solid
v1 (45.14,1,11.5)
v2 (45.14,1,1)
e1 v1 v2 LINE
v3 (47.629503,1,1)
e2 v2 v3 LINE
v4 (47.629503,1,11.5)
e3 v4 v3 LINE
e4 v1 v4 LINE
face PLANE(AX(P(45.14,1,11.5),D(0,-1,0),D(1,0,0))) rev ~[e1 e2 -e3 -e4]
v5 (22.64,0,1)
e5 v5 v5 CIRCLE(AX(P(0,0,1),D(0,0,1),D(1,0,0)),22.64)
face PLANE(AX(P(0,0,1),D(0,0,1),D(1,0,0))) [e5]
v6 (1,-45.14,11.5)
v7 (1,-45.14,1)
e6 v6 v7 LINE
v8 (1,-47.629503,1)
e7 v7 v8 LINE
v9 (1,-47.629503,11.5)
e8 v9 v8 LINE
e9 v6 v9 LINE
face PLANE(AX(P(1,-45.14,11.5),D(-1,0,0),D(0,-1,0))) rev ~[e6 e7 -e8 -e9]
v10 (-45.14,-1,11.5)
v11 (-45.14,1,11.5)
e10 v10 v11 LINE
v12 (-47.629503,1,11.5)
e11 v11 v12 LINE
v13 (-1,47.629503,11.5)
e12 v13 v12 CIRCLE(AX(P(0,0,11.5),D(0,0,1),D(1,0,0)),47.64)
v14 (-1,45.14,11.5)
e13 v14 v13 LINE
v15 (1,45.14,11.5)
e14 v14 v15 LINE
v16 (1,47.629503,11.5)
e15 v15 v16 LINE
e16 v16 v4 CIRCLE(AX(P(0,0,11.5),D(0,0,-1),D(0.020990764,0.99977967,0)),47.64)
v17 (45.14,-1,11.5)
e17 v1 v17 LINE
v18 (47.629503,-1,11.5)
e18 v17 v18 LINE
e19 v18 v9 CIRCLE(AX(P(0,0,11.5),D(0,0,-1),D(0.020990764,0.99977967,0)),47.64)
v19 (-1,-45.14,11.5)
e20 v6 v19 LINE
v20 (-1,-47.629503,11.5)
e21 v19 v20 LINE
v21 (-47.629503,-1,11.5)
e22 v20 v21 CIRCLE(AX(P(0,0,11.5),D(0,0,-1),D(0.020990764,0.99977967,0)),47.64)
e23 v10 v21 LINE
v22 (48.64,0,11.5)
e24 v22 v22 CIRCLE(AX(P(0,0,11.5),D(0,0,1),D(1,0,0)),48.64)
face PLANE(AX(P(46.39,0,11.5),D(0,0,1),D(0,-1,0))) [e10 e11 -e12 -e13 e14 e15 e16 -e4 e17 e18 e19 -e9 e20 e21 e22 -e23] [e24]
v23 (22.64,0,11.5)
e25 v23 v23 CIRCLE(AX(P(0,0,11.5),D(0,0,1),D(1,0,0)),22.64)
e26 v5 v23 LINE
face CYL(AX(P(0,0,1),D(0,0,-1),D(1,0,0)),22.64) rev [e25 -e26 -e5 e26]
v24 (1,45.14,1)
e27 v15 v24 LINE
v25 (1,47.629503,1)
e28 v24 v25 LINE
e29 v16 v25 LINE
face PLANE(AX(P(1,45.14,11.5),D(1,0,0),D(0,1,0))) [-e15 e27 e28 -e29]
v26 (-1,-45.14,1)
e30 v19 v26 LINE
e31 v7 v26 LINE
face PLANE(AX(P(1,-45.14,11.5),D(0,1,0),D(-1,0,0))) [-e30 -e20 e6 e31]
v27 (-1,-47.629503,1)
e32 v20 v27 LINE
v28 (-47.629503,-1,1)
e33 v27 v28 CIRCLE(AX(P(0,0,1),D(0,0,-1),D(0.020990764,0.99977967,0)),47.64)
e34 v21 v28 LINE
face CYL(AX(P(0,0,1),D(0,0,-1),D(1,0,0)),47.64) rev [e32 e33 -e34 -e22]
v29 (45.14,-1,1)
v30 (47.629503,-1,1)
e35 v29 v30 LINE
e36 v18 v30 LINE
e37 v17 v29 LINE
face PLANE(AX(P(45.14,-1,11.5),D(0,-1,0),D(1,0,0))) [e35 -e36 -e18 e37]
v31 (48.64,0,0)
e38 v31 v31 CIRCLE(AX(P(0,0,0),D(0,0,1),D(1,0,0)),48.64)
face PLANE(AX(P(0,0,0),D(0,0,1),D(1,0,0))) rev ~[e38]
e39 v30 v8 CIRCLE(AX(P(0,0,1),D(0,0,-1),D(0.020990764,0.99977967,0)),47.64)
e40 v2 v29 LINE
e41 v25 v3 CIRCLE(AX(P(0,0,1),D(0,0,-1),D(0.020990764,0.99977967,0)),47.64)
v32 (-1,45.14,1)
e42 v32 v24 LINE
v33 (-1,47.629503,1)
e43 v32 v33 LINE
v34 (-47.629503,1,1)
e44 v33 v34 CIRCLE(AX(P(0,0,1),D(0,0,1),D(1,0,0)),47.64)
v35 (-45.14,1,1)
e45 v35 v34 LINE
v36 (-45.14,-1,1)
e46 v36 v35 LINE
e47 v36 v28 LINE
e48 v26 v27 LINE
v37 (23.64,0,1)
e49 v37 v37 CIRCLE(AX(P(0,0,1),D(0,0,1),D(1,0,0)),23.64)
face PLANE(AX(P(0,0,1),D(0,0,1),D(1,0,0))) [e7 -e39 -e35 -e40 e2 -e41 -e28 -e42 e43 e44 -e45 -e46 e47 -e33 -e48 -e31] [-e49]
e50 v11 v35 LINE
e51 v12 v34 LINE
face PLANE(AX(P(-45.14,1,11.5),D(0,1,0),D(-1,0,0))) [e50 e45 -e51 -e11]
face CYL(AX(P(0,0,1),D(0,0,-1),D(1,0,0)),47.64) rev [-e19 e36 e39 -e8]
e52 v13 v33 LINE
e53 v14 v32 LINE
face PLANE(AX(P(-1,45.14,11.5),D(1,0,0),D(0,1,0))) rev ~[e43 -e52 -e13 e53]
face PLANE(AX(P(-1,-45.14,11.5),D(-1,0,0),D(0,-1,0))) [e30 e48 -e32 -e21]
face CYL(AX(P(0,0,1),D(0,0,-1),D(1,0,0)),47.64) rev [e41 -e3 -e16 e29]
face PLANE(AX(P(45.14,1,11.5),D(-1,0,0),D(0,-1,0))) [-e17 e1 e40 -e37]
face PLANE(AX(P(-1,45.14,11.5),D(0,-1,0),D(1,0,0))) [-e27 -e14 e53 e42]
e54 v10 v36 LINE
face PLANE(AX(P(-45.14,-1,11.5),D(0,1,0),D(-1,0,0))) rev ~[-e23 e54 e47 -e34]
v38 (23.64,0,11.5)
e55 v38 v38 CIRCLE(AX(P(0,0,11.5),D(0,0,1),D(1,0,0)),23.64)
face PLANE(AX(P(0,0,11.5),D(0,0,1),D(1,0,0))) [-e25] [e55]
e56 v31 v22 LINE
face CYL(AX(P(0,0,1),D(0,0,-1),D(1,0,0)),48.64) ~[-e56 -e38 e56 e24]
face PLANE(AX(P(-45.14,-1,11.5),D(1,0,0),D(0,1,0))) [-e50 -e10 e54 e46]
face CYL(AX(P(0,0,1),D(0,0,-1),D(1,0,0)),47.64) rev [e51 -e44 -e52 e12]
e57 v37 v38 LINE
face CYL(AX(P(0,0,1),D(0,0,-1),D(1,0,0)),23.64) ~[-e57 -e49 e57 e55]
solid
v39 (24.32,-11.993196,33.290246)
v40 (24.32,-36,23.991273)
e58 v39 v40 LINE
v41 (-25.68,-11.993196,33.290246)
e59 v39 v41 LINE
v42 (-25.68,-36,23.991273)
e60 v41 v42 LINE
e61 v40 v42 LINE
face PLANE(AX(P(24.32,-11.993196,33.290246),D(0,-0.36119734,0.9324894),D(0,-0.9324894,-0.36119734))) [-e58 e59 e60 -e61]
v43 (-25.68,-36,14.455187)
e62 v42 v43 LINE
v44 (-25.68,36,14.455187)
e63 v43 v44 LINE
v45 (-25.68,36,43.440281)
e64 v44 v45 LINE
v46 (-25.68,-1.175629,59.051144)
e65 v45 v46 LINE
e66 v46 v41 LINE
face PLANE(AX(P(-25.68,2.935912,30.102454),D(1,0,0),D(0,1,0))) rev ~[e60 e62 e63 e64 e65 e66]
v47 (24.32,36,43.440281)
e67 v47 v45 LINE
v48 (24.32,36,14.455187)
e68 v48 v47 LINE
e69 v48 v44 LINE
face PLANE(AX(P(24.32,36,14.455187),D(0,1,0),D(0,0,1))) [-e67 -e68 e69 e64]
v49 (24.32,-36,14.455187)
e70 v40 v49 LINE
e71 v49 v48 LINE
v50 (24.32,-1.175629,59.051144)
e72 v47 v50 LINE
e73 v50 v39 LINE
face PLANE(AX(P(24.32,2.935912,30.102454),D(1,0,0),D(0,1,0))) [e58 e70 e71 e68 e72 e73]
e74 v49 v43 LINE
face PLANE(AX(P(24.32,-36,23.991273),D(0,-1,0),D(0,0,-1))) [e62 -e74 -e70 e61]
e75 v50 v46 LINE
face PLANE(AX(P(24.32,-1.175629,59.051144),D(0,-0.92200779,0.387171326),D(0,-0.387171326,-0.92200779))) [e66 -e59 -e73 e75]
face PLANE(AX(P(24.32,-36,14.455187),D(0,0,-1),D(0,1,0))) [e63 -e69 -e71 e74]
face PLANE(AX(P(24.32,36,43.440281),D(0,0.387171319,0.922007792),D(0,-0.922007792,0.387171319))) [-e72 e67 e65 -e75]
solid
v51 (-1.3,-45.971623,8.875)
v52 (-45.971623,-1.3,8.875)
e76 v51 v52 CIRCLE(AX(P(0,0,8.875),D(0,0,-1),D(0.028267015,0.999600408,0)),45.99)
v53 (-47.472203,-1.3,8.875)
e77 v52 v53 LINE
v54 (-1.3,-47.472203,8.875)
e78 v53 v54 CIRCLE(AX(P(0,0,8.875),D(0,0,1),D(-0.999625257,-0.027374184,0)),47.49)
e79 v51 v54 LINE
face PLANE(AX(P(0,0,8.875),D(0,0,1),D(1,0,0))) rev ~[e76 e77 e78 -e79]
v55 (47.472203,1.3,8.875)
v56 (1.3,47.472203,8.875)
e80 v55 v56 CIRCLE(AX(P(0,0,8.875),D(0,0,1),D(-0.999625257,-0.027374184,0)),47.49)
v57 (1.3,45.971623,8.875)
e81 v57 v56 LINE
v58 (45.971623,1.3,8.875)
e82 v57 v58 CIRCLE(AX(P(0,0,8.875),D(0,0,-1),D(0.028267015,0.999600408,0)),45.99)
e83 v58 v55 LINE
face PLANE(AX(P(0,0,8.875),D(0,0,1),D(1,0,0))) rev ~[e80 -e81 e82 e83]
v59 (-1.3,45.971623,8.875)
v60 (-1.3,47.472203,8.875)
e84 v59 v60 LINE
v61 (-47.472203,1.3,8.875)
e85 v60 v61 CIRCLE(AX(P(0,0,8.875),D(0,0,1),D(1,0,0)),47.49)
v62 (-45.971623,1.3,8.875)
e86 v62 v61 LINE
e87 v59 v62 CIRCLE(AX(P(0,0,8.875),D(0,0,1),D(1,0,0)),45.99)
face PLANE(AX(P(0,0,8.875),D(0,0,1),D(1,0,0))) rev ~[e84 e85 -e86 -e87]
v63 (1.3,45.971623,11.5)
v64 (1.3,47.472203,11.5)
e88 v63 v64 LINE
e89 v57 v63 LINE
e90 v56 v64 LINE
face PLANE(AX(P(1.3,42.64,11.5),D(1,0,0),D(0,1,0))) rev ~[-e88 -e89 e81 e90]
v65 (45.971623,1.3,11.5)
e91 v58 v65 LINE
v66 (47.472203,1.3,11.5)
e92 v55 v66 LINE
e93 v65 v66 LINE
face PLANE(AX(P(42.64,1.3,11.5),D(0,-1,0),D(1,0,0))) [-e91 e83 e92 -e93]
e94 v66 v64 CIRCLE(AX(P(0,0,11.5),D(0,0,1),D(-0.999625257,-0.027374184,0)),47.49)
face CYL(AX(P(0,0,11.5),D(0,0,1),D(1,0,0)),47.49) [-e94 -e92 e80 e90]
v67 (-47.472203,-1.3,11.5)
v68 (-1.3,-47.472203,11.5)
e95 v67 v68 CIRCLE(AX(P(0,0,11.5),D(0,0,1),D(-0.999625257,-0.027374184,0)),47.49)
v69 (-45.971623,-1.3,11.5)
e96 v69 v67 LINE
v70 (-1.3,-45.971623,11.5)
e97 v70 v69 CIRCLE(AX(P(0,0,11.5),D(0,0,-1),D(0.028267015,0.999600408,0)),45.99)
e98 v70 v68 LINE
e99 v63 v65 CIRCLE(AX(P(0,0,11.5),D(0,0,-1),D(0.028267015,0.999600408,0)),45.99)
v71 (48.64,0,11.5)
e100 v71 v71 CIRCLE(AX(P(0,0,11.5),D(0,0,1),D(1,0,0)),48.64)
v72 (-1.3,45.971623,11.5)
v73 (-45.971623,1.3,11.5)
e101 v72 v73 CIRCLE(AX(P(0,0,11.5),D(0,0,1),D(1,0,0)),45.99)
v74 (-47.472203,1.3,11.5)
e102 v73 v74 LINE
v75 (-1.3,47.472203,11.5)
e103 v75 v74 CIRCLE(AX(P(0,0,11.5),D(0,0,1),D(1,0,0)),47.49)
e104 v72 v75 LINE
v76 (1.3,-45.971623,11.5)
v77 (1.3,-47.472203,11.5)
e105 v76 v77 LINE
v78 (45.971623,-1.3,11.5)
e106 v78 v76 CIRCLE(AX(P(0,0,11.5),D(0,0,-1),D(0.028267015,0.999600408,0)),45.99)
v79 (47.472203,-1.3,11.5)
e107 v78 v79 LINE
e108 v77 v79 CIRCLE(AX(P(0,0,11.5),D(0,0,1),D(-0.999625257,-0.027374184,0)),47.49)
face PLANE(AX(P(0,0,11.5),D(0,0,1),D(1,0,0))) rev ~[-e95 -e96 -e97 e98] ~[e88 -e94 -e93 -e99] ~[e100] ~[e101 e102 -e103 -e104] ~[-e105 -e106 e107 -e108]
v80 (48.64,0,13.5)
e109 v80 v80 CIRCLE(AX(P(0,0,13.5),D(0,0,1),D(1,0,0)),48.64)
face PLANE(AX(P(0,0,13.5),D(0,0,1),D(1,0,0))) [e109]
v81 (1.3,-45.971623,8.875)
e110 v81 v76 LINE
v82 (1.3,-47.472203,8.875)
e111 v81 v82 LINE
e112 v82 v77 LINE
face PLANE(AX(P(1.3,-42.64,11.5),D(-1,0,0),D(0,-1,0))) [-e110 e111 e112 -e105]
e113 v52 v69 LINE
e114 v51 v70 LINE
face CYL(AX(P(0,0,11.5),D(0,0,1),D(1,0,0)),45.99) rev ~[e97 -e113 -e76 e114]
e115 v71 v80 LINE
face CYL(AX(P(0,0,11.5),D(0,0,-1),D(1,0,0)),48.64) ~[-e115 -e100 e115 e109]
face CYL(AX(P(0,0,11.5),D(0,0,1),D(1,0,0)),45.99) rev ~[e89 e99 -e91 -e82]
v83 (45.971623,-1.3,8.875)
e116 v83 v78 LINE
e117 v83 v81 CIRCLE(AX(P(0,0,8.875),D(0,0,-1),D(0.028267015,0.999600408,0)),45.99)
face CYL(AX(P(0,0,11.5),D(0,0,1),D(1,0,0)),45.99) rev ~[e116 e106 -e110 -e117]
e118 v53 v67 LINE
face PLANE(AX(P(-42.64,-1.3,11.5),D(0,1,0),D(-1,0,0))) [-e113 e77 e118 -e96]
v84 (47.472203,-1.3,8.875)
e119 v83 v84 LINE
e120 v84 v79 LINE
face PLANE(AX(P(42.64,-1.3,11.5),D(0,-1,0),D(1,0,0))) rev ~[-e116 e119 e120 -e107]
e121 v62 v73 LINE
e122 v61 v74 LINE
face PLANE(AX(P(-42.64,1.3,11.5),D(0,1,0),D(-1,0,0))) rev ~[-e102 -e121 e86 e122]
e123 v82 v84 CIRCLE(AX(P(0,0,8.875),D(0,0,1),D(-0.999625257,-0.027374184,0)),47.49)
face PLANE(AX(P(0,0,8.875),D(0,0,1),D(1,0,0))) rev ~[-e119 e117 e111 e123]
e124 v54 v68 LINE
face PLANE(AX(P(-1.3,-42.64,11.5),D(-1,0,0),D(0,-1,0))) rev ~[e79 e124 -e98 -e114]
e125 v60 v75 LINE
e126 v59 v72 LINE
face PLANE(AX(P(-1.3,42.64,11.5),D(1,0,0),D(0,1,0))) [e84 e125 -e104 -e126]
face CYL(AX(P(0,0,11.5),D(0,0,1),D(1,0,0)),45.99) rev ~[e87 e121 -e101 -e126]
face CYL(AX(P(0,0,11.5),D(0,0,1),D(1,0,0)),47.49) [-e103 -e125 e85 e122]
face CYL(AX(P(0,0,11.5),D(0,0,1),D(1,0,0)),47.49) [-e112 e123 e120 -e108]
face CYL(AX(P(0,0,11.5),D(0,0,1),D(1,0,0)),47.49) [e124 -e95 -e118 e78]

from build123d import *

# Parameters (mm, degrees)
SKETCH_R              = 48.64
PAD_DEPTH             = 1
SKETCH001_R           = 48.64
SKETCH001_R_2         = 47.64
PAD001_DEPTH          = 10.5
SKETCH002_R           = 23.64
SKETCH002_R_2         = 22.64
PAD002_DEPTH          = 10.5
SKETCH003_W           = 2
SKETCH003_H           = 2.5
PAD003_DEPTH          = 10.5
POLARPATTERN_COUNT    = 4
SKETCH004_R           = 48.64
PAD004_DEPTH          = 2
SKETCH005_R           = 47.49
SKETCH005_R_2         = 45.99
PAD005_DEPTH          = 2.625
SKETCH006_W           = 2.6
SKETCH006_H           = 6
POCKET_DEPTH          = 5.25
POLARPATTERN001_COUNT = 4
PAD006_DEPTH          = 50


with BuildPart() as led_base:
    # Sketch → Pad (new body)
    with BuildSketch(Plane.XY):
        Circle(SKETCH_R)
    extrude(amount=PAD_DEPTH)

    # Sketch001 (on DatumPlane) → Pad001 (join)
    with BuildSketch(Plane.XY.offset(1)):
        Circle(SKETCH001_R)
        Circle(SKETCH001_R_2, mode=Mode.SUBTRACT)
    extrude(amount=PAD001_DEPTH)

    # Sketch002 (on DatumPlane) → Pad002 (join)
    with BuildSketch(Plane.XY.offset(1)):
        Circle(SKETCH002_R)
        Circle(SKETCH002_R_2, mode=Mode.SUBTRACT)
    extrude(amount=PAD002_DEPTH)

    # Sketch003 (on DatumPlane) → Pad003 (join)
    with BuildSketch(Plane.XY.offset(11.5)):
        with Locations((0, 46.39)):
            Rectangle(SKETCH003_W, SKETCH003_H)
    pad003 = extrude(amount=-PAD003_DEPTH)

    # PolarPattern: Pad003 ×4 about axis
    polarpattern_axis = Axis((0, 0, 11.5), (0, 0, 1))
    for i in range(1, POLARPATTERN_COUNT):
        add(pad003.rotate(polarpattern_axis, i * 360 / POLARPATTERN_COUNT))


with BuildPart() as led_lid:
    # Sketch004 (on DatumPlane) → Pad004 (new body)
    with BuildSketch(Plane.XY.offset(11.5)):
        Circle(SKETCH004_R)
    extrude(amount=PAD004_DEPTH)

    # Sketch005 (on DatumPlane) → Pad005 (join)
    with BuildSketch(Plane.XY.offset(11.5)):
        Circle(SKETCH005_R)
        Circle(SKETCH005_R_2, mode=Mode.SUBTRACT)
    extrude(amount=-PAD005_DEPTH)

    # Sketch006 (on DatumPlane) → Pocket (cut)
    with BuildSketch(Plane.XY.offset(11.5)):
        with Locations((0, 45.64)):
            Rectangle(SKETCH006_W, SKETCH006_H)
    pocket = extrude(amount=-POCKET_DEPTH, mode=Mode.SUBTRACT)

    # PolarPattern001: Pocket ×4 about axis
    polarpattern001_axis = Axis((0, 0, 11.5), (0, 0, 1))
    for i in range(1, POLARPATTERN001_COUNT):
        add(pocket.rotate(polarpattern001_axis, i * 360 / POLARPATTERN001_COUNT), mode=Mode.SUBTRACT)


with BuildPart() as skeleton:
    # Sketch007 (on DatumPlane) → Pad006 (new body)
    with BuildSketch(Plane.YZ.offset(24.32)):
        Polygon((-1.175629, 59.051144), (-11.993196, 33.290246), (-36, 23.991273), (-36, 14.455187), (36, 14.455187), (36, 43.440281), align=None)
    extrude(amount=-PAD006_DEPTH)


solid = Compound([led_base.part, led_lid.part, skeleton.part])
